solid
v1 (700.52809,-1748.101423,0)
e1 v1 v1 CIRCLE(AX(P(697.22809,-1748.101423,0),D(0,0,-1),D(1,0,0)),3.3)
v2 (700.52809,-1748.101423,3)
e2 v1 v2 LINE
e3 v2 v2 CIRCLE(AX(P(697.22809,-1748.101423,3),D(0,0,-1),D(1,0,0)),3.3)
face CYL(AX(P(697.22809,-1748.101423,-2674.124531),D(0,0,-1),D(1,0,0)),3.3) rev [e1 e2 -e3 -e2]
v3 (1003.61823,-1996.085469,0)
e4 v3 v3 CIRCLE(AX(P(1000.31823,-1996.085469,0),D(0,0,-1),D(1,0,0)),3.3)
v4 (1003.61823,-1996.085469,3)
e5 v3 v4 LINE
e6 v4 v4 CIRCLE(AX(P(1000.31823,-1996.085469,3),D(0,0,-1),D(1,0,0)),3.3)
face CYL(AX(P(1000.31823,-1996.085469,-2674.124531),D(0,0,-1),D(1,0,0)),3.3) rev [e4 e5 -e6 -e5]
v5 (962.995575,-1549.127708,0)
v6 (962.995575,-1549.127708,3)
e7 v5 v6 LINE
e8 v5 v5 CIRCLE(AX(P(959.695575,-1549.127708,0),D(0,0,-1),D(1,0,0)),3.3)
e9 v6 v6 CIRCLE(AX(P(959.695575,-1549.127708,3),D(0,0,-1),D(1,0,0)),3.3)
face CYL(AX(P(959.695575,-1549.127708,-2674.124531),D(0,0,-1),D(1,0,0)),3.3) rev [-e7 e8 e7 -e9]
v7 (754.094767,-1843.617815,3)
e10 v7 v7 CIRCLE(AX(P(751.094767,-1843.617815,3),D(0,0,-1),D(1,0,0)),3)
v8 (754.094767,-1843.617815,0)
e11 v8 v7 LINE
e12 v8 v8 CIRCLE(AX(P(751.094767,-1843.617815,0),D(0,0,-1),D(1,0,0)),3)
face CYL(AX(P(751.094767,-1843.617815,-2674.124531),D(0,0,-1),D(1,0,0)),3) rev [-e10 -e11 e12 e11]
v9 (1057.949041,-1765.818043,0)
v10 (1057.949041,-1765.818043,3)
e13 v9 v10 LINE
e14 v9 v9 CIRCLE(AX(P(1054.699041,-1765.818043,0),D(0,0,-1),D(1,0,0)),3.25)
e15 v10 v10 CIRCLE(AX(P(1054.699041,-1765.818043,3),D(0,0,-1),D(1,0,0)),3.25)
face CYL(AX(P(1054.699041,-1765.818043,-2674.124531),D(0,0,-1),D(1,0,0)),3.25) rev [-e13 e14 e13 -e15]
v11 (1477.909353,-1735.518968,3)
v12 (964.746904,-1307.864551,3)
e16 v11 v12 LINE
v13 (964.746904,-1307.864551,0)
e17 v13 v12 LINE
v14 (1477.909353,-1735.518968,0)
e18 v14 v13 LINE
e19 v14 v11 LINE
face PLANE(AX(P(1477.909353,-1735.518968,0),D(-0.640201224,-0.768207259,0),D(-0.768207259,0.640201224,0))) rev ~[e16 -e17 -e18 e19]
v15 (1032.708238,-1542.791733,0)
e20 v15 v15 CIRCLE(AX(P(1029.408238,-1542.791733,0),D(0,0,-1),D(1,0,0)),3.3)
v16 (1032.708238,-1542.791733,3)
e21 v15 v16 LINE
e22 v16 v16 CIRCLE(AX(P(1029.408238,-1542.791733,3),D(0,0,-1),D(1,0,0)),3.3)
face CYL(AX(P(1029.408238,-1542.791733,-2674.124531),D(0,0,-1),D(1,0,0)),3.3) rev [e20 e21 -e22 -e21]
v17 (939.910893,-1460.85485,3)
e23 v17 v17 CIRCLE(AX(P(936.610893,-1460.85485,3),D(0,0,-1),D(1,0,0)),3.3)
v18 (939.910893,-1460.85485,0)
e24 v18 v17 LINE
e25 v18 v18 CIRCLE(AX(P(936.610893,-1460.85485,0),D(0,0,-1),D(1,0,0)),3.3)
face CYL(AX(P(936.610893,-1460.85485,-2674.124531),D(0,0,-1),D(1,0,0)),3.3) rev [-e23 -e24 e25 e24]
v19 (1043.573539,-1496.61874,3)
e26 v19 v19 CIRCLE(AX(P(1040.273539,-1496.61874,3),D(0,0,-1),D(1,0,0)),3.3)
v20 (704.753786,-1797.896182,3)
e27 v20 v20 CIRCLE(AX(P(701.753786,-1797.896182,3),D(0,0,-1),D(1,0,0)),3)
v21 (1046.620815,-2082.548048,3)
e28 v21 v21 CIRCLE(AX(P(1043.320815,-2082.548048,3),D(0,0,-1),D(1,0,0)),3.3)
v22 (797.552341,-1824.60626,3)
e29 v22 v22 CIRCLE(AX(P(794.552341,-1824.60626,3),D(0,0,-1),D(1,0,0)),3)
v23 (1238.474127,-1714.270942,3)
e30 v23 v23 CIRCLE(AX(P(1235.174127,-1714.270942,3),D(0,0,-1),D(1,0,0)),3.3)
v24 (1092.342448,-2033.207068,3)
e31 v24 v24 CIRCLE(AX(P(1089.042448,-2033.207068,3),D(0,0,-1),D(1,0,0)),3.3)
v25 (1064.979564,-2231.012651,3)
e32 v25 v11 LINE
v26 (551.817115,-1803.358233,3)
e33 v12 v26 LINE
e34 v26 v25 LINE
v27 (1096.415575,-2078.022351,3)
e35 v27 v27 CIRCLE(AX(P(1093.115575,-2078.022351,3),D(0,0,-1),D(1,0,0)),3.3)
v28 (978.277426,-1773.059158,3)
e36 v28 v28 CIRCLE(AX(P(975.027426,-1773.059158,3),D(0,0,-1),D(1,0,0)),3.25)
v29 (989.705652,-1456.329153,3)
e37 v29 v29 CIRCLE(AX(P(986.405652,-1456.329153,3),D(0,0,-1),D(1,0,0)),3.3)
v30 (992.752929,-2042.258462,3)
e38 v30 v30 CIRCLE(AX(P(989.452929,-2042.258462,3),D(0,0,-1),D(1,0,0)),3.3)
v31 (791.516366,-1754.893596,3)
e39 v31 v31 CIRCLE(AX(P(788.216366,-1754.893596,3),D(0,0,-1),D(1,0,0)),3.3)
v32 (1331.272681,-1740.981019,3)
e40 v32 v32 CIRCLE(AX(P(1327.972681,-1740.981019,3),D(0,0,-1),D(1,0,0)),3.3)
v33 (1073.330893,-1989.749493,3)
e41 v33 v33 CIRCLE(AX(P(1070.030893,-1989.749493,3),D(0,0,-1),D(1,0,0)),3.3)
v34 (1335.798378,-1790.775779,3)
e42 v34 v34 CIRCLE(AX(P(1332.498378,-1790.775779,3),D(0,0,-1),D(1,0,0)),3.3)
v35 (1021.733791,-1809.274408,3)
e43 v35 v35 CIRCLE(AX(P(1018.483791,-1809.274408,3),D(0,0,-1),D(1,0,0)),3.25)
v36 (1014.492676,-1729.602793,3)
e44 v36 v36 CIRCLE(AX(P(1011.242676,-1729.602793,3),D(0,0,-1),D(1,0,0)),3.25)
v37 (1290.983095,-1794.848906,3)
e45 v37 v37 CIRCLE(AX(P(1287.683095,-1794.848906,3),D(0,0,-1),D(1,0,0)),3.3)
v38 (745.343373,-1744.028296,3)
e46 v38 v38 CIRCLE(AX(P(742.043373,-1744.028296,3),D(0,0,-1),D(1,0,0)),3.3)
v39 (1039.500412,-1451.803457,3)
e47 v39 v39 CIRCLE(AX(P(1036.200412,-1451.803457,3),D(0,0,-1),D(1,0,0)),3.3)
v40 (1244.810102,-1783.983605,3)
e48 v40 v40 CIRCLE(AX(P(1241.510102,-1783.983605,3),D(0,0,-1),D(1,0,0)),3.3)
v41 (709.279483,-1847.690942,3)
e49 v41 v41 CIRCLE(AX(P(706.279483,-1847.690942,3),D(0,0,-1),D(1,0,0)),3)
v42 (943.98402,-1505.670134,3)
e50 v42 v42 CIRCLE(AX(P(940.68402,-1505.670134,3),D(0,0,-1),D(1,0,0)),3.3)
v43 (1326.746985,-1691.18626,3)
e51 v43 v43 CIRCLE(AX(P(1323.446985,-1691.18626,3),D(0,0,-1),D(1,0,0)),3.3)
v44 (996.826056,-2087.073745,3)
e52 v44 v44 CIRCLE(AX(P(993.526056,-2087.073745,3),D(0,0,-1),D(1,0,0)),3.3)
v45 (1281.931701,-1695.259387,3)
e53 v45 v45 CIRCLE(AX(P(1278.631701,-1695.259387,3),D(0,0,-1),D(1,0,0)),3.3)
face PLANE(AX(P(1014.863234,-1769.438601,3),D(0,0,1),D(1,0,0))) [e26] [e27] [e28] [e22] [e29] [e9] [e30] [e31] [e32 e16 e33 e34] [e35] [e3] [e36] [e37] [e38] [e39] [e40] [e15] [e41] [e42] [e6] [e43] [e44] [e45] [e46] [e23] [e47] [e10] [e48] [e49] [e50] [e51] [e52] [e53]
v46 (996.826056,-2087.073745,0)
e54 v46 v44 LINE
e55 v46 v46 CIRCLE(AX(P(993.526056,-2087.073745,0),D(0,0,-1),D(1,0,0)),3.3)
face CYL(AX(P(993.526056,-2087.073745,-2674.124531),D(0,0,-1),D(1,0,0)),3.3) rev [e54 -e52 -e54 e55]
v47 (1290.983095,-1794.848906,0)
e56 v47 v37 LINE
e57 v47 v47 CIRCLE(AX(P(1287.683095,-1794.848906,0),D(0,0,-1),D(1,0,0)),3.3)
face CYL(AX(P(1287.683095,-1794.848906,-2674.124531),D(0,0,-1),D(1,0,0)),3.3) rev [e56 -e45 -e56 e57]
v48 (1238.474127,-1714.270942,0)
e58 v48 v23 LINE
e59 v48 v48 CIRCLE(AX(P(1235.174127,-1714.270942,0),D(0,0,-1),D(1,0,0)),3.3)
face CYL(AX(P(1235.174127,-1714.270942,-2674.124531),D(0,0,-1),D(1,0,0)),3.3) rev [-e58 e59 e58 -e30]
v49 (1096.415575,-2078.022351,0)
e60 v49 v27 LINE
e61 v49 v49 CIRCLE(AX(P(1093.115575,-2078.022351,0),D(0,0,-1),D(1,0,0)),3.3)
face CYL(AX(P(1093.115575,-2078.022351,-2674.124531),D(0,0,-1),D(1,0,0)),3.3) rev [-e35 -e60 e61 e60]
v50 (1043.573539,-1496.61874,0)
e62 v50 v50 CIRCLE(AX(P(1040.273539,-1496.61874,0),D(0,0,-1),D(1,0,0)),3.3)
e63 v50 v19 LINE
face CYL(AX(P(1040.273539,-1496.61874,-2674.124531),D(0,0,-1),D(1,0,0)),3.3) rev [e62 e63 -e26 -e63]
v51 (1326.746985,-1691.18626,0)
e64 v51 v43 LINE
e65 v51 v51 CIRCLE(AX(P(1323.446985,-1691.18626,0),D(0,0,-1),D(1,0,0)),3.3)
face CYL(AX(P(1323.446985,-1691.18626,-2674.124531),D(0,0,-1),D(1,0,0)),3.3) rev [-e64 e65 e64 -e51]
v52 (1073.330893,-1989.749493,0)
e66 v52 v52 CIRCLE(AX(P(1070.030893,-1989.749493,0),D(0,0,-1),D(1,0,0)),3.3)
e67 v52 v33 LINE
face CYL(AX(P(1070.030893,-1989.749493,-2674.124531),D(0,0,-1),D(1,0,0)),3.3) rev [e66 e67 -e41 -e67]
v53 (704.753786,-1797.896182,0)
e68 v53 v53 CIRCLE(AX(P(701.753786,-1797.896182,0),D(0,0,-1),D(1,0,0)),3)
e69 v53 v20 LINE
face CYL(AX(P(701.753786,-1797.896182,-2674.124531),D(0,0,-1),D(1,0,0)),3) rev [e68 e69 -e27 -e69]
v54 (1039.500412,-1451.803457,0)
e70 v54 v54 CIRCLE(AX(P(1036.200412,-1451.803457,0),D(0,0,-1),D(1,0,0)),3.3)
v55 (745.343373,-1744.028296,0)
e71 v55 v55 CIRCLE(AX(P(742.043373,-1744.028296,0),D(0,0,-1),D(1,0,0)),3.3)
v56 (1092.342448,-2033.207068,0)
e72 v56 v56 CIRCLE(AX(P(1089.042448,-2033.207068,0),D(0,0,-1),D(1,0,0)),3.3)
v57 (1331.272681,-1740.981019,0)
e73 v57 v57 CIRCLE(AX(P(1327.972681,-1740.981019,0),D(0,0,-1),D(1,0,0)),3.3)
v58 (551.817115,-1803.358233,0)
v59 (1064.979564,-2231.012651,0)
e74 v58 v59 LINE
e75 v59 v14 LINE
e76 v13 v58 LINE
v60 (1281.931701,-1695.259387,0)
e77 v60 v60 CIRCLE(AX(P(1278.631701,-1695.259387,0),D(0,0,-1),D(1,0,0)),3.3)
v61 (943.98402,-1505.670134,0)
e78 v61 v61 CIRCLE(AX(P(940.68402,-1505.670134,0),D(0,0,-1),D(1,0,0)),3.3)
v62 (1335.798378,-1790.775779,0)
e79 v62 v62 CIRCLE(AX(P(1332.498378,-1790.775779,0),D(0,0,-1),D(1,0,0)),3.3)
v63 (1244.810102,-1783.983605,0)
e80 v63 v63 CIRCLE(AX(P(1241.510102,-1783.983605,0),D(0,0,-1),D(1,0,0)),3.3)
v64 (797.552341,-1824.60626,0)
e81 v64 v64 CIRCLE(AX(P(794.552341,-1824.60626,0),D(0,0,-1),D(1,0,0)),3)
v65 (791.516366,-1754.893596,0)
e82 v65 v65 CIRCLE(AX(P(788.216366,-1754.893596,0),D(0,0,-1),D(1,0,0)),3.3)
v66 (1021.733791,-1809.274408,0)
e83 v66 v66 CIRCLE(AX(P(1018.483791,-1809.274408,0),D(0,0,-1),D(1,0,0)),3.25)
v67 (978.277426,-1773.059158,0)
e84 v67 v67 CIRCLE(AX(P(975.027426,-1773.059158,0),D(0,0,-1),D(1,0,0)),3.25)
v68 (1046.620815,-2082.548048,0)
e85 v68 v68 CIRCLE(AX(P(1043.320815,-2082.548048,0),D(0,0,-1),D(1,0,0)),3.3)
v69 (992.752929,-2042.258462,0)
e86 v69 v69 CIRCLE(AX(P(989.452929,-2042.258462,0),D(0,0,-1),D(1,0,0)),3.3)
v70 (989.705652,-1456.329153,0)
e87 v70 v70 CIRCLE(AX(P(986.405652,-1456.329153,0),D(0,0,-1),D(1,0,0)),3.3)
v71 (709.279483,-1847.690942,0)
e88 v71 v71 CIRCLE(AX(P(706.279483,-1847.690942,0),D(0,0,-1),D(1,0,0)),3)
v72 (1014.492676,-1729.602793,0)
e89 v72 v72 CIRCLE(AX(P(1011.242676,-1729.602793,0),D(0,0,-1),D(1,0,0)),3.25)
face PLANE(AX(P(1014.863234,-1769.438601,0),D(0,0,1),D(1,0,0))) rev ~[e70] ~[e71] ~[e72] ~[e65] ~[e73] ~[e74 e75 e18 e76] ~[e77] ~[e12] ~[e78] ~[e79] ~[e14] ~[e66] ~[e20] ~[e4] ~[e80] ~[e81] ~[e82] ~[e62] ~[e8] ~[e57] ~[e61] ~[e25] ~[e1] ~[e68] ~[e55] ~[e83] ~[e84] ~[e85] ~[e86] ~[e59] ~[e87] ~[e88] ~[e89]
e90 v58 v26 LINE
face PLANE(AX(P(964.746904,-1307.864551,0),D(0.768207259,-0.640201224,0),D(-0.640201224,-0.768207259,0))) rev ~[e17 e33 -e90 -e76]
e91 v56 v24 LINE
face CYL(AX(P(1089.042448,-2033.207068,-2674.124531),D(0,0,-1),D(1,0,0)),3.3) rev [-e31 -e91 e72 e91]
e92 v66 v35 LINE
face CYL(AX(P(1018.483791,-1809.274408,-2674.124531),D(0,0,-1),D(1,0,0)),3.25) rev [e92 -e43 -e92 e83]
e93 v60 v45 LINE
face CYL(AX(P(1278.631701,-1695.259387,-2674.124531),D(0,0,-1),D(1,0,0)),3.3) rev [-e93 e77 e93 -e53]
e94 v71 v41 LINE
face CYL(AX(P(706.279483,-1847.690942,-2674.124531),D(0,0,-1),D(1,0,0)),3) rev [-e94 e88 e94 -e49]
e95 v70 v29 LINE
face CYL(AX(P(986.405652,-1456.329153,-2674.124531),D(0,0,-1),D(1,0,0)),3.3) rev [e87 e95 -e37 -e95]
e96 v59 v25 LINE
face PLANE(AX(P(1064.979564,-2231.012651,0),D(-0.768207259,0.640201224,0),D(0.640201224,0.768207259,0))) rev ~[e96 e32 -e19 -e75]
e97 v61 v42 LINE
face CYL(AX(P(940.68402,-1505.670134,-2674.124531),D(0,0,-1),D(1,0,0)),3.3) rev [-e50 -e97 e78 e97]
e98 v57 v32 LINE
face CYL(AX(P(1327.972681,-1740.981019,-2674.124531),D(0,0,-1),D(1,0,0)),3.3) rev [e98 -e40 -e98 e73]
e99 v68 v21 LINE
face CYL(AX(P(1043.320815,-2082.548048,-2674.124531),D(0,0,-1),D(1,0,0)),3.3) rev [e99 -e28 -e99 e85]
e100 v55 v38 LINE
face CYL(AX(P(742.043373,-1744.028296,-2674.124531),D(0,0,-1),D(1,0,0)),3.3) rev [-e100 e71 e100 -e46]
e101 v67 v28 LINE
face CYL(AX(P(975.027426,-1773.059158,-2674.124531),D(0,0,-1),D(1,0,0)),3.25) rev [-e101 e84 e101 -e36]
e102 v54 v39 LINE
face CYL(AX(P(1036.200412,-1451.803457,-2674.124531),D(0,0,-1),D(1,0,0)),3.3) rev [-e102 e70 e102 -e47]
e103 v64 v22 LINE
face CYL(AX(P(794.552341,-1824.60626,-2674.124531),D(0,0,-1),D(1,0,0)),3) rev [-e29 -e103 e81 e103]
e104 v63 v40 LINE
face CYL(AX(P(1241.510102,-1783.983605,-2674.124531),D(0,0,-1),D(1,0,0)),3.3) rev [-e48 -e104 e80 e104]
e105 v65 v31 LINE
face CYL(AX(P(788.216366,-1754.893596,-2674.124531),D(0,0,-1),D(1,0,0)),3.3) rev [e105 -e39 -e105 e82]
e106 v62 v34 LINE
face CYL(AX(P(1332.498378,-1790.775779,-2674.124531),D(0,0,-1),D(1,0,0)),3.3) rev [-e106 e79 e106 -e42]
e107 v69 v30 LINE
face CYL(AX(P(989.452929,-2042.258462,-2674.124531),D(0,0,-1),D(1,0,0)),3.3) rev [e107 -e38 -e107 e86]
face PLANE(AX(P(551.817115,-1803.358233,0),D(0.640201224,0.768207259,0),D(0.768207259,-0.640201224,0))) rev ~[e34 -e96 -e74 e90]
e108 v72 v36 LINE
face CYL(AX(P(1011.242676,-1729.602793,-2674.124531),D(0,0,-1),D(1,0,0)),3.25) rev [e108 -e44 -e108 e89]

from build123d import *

# Parameters (mm, degrees)
BOSS_EXTRUDE1_DEPTH     = 3
CUT_EXTRUDE1_DEPTH      = 2677.124530624
CUT_EXTRUDE1_DEPTH_BACK = 2677.124530624
SKETCH2_R               = 3
SKETCH2_R_2             = 3.3
SKETCH2_R_3             = 3.25


with BuildPart() as part:
    # Sketch1 → Boss-Extrude1 (new body)
    with BuildSketch(Plane.XY):
        Polygon((964.746903845, -1307.864551018), (551.817114678, -1803.358233337), (1064.979563964, -2231.012650645), (1477.909353131, -1735.518968326), align=None)
    extrude(amount=BOSS_EXTRUDE1_DEPTH)

    # Sketch2 → Cut-Extrude1 (cut, two sides: drawn at the far end of the back side and taken through both)
    with BuildSketch(Plane.XY.offset(3).offset(-CUT_EXTRUDE1_DEPTH_BACK)):
        with Locations((794.552341263, -1824.606259686)):
            Circle(SKETCH2_R)
        with Locations((701.753786497, -1797.896182314)):
            Circle(SKETCH2_R)
        with Locations((706.279483297, -1847.690941762)):
            Circle(SKETCH2_R)
        with Locations((751.0947668, -1843.617814641)):
            Circle(SKETCH2_R)
        with Locations((697.228089696, -1748.101422866)):
            Circle(SKETCH2_R_2)
        with Locations((742.043373199, -1744.028295746)):
            Circle(SKETCH2_R_2)
        with Locations((788.216365742, -1754.893596459)):
            Circle(SKETCH2_R_2)
        with Locations((1054.699041463, -1765.818043391)):
            Circle(SKETCH2_R_3)
        with Locations((1011.242676464, -1729.602793273)):
            Circle(SKETCH2_R_3)
        with Locations((975.027426346, -1773.059158272)):
            Circle(SKETCH2_R_3)
        with Locations((1018.483791345, -1809.27440839)):
            Circle(SKETCH2_R_3)
        with Locations((959.695575049, -1549.12770819)):
            Circle(SKETCH2_R_2)
        with Locations((940.684020094, -1505.670133727)):
            Circle(SKETCH2_R_2)
        with Locations((936.610892974, -1460.854850224)):
            Circle(SKETCH2_R_2)
        with Locations((986.405652422, -1456.329153423)):
            Circle(SKETCH2_R_2)
        with Locations((1036.200411869, -1451.803456623)):
            Circle(SKETCH2_R_2)
        with Locations((1040.27353899, -1496.618740126)):
            Circle(SKETCH2_R_2)
        with Locations((1029.408238276, -1542.791732669)):
            Circle(SKETCH2_R_2)
        with Locations((993.52605594, -2087.07374504)):
            Circle(SKETCH2_R_2)
        with Locations((1043.320815388, -2082.548048239)):
            Circle(SKETCH2_R_2)
        with Locations((989.452928819, -2042.258461537)):
            Circle(SKETCH2_R_2)
        with Locations((1000.318229533, -1996.085468994)):
            Circle(SKETCH2_R_2)
        with Locations((1070.03089276, -1989.749493473)):
            Circle(SKETCH2_R_2)
        with Locations((1089.042447715, -2033.207067936)):
            Circle(SKETCH2_R_2)
        with Locations((1093.115574835, -2078.022351439)):
            Circle(SKETCH2_R_2)
        with Locations((1241.510102067, -1783.983605203)):
            Circle(SKETCH2_R_2)
        with Locations((1287.68309461, -1794.848905917)):
            Circle(SKETCH2_R_2)
        with Locations((1332.498378113, -1790.775778796)):
            Circle(SKETCH2_R_2)
        with Locations((1327.972681313, -1740.981019348)):
            Circle(SKETCH2_R_2)
        with Locations((1323.446984512, -1691.186259901)):
            Circle(SKETCH2_R_2)
        with Locations((1278.631701009, -1695.259387021)):
            Circle(SKETCH2_R_2)
        with Locations((1235.174126546, -1714.270941976)):
            Circle(SKETCH2_R_2)
    extrude(amount=CUT_EXTRUDE1_DEPTH + CUT_EXTRUDE1_DEPTH_BACK, mode=Mode.SUBTRACT)


solid = part.part
